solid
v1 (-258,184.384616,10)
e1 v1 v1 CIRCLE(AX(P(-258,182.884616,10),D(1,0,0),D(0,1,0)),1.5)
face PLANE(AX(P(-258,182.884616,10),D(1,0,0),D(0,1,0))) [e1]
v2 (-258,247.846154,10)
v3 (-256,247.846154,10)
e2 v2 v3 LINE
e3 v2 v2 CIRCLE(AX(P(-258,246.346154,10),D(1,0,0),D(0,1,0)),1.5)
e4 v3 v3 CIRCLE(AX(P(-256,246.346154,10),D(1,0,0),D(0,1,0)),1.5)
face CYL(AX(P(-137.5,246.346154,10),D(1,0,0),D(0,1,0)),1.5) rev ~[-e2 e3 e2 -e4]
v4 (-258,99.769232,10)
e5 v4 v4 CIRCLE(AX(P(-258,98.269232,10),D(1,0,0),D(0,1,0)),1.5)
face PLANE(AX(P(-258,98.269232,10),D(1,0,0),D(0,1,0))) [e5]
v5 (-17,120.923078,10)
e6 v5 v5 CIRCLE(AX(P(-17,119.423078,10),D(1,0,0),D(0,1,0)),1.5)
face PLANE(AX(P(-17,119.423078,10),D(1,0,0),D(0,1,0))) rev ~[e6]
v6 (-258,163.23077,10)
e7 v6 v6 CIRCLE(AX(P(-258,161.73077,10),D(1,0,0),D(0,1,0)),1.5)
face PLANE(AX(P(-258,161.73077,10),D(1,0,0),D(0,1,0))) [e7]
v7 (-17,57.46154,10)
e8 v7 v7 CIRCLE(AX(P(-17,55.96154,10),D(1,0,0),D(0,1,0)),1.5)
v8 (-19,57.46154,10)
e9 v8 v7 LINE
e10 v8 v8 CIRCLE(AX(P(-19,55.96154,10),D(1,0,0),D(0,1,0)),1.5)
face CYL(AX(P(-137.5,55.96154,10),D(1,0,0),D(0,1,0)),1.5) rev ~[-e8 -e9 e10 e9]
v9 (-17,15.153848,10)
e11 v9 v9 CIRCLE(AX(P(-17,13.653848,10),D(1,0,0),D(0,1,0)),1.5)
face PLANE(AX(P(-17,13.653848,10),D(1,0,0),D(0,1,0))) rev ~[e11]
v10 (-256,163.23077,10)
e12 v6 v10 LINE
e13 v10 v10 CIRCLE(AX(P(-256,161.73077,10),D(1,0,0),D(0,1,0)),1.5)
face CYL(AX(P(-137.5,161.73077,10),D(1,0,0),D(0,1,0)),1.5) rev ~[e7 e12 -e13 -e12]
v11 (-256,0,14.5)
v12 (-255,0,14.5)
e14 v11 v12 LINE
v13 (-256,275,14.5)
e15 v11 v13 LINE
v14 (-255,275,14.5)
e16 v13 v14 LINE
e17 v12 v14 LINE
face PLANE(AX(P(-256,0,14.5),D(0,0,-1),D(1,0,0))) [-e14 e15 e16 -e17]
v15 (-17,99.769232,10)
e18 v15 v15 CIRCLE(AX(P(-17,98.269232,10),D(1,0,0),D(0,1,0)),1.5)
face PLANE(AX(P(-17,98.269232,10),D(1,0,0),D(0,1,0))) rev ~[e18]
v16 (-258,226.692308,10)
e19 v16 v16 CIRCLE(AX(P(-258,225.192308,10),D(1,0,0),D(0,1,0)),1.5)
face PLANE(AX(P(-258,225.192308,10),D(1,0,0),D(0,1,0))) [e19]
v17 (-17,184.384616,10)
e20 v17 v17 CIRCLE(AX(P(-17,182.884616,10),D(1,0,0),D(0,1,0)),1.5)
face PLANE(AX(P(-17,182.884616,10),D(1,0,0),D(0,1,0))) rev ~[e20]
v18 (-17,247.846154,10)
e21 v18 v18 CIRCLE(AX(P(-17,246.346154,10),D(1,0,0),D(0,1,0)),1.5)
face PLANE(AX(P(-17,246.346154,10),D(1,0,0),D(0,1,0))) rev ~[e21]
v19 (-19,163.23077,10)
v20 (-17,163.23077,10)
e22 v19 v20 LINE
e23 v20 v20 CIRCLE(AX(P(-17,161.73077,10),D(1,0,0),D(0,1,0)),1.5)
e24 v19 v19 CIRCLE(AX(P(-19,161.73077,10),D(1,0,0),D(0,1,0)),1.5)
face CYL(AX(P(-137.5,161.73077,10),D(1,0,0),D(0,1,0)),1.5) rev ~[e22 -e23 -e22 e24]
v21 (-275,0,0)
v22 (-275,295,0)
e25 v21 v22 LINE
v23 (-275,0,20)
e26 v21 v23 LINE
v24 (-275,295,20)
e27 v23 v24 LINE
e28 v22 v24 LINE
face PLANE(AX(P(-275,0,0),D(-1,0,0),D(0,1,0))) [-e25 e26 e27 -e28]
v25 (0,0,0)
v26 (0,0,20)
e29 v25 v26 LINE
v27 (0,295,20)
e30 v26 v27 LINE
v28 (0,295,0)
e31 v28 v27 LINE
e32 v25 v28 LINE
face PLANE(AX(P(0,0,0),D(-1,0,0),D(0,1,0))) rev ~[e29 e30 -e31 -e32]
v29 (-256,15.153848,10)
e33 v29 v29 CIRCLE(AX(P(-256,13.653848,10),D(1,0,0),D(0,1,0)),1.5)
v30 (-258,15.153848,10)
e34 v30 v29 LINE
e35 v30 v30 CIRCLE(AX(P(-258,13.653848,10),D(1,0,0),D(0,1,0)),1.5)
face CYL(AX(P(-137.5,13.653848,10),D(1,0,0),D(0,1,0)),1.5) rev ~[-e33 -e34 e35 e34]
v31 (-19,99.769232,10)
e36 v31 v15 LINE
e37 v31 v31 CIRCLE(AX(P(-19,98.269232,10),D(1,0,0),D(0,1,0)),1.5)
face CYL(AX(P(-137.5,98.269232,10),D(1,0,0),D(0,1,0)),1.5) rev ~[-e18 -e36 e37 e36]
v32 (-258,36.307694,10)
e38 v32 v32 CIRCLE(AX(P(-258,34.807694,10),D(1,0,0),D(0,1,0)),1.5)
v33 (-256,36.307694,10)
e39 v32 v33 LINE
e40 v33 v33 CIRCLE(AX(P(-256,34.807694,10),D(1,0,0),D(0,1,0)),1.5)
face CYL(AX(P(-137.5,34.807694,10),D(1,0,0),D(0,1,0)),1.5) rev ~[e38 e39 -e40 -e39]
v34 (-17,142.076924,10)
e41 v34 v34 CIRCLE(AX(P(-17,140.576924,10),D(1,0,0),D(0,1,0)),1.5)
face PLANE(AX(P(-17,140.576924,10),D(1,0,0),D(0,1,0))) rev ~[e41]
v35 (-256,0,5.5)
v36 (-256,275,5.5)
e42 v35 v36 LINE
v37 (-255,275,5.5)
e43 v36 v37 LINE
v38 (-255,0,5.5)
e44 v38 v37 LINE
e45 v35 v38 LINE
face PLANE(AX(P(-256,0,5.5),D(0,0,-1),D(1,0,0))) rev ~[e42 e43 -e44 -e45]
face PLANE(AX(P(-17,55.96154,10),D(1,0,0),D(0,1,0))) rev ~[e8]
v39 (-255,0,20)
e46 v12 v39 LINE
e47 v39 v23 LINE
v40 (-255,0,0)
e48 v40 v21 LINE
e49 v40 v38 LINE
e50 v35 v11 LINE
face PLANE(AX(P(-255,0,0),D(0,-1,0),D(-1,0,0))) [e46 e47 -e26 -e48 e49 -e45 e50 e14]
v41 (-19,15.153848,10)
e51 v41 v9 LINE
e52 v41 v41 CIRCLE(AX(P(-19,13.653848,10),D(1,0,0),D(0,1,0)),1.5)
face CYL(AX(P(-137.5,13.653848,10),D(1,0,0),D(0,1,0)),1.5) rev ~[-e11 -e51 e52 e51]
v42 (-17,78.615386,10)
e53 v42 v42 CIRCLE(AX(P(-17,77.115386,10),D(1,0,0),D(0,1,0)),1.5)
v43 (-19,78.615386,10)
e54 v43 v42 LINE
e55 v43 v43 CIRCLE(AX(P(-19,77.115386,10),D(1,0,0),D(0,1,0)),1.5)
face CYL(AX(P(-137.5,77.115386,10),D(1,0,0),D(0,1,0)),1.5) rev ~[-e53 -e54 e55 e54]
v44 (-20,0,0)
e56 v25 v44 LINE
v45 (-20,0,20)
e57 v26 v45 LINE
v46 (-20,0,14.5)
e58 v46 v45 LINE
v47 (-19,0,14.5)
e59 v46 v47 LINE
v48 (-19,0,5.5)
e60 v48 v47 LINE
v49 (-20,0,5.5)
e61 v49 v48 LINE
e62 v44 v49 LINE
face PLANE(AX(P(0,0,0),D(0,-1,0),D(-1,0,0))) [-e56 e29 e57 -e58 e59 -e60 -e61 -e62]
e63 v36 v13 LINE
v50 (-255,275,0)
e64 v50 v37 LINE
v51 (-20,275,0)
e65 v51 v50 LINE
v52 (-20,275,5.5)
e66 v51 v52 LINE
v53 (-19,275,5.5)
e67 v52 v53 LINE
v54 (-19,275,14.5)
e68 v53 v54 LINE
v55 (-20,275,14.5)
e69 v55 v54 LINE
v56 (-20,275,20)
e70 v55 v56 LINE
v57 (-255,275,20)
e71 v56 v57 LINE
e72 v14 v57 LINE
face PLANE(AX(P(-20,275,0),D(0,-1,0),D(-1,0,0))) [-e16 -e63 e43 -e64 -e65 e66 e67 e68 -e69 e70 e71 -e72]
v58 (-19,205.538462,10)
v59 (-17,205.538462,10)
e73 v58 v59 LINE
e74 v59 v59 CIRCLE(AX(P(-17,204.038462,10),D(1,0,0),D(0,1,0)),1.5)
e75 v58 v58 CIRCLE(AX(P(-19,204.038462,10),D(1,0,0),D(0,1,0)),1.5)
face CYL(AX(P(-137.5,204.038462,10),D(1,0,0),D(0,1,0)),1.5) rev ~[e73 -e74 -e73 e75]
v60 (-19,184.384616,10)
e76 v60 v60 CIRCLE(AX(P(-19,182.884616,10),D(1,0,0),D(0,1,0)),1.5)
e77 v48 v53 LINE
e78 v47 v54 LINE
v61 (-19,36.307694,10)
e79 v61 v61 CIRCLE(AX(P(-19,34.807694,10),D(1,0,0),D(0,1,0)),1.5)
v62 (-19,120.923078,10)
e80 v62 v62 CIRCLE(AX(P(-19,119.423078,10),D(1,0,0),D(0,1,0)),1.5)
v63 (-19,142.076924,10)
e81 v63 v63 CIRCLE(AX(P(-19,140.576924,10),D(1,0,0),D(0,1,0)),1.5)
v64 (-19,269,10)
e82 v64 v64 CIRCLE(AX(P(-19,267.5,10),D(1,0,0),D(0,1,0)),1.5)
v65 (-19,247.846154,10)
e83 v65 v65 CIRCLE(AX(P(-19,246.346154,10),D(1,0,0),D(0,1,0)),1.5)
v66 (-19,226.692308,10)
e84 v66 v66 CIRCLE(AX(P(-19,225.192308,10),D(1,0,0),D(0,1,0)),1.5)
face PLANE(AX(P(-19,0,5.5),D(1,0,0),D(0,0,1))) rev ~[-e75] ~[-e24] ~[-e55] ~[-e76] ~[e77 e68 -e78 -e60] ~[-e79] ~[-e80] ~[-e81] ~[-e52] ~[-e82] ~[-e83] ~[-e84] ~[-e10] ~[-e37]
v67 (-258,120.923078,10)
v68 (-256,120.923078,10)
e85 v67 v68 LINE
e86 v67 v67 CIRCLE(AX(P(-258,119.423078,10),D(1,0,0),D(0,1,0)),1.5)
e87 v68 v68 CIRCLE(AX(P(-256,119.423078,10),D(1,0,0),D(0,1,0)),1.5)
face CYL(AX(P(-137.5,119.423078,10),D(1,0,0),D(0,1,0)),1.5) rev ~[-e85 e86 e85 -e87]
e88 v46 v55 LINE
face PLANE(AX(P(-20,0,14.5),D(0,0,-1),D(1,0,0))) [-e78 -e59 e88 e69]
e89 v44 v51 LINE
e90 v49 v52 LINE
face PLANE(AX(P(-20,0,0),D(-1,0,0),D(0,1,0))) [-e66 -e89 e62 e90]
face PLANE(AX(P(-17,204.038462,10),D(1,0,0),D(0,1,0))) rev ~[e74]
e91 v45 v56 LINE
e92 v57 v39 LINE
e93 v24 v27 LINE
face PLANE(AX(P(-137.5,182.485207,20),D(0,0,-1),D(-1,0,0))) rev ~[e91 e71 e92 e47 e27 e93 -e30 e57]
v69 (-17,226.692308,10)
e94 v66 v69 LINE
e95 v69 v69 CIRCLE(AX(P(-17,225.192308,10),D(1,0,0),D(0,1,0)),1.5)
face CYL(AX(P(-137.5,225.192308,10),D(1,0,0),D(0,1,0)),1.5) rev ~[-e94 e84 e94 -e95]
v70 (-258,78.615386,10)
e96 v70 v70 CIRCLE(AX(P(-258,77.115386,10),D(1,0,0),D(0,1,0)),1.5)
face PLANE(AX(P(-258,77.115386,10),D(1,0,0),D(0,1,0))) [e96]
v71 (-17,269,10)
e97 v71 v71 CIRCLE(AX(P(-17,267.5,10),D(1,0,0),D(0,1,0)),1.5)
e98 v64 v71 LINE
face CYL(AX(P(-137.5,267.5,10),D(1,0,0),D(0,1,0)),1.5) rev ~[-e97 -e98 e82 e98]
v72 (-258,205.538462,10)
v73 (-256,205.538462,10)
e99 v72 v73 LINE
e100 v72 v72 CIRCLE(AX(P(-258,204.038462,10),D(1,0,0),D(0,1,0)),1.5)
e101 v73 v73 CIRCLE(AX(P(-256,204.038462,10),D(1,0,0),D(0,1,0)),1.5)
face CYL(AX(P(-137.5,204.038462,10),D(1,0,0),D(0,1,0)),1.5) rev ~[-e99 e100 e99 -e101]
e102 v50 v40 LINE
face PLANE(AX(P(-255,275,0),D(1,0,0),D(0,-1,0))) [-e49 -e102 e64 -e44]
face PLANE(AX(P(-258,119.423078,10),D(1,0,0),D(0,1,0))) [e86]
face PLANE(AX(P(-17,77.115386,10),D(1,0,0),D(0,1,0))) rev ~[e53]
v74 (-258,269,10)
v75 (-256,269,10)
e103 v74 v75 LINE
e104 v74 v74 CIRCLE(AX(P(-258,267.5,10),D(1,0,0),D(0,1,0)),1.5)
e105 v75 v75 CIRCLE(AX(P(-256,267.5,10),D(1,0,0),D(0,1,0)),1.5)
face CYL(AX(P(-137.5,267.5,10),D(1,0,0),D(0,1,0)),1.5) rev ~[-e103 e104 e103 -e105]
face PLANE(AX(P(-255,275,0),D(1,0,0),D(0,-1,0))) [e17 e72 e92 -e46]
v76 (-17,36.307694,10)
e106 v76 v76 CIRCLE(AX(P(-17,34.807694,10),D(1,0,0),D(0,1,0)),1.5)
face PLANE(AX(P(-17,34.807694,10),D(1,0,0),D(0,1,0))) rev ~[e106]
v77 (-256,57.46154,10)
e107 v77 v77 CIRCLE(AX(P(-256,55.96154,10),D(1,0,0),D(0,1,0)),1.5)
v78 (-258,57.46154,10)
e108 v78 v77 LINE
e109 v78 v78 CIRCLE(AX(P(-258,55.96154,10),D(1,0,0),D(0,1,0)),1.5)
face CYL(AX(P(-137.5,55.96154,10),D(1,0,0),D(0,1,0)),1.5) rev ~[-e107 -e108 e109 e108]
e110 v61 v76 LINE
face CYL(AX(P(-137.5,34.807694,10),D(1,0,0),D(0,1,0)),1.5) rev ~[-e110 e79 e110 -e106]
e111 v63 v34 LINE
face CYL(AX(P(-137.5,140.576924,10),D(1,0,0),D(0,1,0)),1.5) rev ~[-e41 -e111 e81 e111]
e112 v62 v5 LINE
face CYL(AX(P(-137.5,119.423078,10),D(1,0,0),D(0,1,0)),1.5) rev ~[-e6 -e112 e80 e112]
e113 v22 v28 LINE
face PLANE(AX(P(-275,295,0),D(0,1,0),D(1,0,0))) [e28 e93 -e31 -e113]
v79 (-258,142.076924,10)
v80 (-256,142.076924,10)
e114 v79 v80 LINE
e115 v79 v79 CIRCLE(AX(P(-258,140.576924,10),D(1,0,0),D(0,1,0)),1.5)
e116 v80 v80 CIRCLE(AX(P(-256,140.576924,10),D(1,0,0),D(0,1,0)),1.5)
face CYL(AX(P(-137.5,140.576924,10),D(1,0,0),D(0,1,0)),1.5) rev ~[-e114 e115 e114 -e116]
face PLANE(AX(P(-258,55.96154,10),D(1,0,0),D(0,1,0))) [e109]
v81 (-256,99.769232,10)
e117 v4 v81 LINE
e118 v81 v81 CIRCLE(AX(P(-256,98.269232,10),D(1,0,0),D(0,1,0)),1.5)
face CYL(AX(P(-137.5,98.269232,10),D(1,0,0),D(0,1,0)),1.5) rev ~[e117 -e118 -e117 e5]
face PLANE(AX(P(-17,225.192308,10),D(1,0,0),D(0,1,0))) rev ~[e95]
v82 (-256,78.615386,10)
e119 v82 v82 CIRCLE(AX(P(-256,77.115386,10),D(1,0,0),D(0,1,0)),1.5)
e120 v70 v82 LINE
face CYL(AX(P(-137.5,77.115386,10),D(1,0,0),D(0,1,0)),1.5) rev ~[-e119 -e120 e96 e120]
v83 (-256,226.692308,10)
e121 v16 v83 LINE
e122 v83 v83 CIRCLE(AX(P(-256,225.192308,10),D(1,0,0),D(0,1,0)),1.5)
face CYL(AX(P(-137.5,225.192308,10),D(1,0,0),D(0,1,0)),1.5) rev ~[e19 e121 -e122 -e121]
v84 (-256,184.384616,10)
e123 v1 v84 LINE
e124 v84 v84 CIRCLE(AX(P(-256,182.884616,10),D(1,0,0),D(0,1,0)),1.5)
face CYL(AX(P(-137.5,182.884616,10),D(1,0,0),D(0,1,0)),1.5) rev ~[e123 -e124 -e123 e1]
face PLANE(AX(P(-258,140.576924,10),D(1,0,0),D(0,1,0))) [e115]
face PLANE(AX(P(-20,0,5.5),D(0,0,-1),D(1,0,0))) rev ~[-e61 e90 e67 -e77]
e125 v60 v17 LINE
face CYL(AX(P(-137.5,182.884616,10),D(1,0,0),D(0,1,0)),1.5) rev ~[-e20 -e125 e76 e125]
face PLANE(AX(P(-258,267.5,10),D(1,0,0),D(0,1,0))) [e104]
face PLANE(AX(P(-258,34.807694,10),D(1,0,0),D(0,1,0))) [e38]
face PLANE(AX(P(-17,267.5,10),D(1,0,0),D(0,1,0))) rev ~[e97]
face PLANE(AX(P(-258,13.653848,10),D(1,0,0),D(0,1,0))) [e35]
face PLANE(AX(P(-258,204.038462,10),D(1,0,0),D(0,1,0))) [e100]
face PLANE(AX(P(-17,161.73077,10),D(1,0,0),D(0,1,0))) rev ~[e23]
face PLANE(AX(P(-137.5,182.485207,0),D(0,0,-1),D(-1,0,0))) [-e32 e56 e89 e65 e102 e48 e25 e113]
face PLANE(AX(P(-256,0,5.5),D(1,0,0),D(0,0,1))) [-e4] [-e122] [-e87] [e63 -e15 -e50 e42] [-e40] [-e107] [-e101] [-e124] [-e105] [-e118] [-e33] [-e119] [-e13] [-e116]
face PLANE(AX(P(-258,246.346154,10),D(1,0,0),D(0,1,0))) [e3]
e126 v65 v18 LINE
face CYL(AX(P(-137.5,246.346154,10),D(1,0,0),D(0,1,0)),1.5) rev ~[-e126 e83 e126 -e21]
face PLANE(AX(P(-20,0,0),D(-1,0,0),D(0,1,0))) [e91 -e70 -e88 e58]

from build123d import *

# Parameters (mm, degrees)
PAD007_DEPTH           = 20
SKETCH020_W            = 1
SKETCH020_H            = 9
POCKET012_DEPTH        = 275
SKETCH033_R            = 1.5
POCKET021_DEPTH        = 120.5
LINEARPATTERN005_COUNT = 14
LINEARPATTERN005_PITCH = 21.153846


with BuildPart() as part:
    # Sketch019 → Pad007 (new body)
    with BuildSketch(Plane.XY):
        Polygon((0, 275), (0, 0), (-20, 0), (-20, 275), (-255, 275), (-255, 0), (-275, 0), (-275, 295), (0, 295), align=None)
    extrude(amount=PAD007_DEPTH)

    # Sketch020 → Pocket012 (cut)
    with BuildSketch(Plane.XZ):
        with Locations((-19.5, 10)):
            Rectangle(SKETCH020_W, SKETCH020_H)
        with Locations((-255.5, 10)):
            Rectangle(SKETCH020_W, SKETCH020_H)
    extrude(amount=-POCKET012_DEPTH, mode=Mode.SUBTRACT)

    # Sketch033 → Pocket021 (cut, symmetric)
    with BuildSketch(Plane(origin=(-137.5, 1, 0), x_dir=(0, 1, 0), z_dir=(1, 0, 0))):
        with Locations((266.5, 10)):
            Circle(SKETCH033_R)
    pocket021 = extrude(amount=POCKET021_DEPTH, both=True, mode=Mode.SUBTRACT)

    # LinearPattern005: Pocket021 ×14
    with Locations(*[(0, -i * LINEARPATTERN005_PITCH, 0) for i in range(1, LINEARPATTERN005_COUNT)]):
        add(pocket021, mode=Mode.SUBTRACT)


solid = part.part
